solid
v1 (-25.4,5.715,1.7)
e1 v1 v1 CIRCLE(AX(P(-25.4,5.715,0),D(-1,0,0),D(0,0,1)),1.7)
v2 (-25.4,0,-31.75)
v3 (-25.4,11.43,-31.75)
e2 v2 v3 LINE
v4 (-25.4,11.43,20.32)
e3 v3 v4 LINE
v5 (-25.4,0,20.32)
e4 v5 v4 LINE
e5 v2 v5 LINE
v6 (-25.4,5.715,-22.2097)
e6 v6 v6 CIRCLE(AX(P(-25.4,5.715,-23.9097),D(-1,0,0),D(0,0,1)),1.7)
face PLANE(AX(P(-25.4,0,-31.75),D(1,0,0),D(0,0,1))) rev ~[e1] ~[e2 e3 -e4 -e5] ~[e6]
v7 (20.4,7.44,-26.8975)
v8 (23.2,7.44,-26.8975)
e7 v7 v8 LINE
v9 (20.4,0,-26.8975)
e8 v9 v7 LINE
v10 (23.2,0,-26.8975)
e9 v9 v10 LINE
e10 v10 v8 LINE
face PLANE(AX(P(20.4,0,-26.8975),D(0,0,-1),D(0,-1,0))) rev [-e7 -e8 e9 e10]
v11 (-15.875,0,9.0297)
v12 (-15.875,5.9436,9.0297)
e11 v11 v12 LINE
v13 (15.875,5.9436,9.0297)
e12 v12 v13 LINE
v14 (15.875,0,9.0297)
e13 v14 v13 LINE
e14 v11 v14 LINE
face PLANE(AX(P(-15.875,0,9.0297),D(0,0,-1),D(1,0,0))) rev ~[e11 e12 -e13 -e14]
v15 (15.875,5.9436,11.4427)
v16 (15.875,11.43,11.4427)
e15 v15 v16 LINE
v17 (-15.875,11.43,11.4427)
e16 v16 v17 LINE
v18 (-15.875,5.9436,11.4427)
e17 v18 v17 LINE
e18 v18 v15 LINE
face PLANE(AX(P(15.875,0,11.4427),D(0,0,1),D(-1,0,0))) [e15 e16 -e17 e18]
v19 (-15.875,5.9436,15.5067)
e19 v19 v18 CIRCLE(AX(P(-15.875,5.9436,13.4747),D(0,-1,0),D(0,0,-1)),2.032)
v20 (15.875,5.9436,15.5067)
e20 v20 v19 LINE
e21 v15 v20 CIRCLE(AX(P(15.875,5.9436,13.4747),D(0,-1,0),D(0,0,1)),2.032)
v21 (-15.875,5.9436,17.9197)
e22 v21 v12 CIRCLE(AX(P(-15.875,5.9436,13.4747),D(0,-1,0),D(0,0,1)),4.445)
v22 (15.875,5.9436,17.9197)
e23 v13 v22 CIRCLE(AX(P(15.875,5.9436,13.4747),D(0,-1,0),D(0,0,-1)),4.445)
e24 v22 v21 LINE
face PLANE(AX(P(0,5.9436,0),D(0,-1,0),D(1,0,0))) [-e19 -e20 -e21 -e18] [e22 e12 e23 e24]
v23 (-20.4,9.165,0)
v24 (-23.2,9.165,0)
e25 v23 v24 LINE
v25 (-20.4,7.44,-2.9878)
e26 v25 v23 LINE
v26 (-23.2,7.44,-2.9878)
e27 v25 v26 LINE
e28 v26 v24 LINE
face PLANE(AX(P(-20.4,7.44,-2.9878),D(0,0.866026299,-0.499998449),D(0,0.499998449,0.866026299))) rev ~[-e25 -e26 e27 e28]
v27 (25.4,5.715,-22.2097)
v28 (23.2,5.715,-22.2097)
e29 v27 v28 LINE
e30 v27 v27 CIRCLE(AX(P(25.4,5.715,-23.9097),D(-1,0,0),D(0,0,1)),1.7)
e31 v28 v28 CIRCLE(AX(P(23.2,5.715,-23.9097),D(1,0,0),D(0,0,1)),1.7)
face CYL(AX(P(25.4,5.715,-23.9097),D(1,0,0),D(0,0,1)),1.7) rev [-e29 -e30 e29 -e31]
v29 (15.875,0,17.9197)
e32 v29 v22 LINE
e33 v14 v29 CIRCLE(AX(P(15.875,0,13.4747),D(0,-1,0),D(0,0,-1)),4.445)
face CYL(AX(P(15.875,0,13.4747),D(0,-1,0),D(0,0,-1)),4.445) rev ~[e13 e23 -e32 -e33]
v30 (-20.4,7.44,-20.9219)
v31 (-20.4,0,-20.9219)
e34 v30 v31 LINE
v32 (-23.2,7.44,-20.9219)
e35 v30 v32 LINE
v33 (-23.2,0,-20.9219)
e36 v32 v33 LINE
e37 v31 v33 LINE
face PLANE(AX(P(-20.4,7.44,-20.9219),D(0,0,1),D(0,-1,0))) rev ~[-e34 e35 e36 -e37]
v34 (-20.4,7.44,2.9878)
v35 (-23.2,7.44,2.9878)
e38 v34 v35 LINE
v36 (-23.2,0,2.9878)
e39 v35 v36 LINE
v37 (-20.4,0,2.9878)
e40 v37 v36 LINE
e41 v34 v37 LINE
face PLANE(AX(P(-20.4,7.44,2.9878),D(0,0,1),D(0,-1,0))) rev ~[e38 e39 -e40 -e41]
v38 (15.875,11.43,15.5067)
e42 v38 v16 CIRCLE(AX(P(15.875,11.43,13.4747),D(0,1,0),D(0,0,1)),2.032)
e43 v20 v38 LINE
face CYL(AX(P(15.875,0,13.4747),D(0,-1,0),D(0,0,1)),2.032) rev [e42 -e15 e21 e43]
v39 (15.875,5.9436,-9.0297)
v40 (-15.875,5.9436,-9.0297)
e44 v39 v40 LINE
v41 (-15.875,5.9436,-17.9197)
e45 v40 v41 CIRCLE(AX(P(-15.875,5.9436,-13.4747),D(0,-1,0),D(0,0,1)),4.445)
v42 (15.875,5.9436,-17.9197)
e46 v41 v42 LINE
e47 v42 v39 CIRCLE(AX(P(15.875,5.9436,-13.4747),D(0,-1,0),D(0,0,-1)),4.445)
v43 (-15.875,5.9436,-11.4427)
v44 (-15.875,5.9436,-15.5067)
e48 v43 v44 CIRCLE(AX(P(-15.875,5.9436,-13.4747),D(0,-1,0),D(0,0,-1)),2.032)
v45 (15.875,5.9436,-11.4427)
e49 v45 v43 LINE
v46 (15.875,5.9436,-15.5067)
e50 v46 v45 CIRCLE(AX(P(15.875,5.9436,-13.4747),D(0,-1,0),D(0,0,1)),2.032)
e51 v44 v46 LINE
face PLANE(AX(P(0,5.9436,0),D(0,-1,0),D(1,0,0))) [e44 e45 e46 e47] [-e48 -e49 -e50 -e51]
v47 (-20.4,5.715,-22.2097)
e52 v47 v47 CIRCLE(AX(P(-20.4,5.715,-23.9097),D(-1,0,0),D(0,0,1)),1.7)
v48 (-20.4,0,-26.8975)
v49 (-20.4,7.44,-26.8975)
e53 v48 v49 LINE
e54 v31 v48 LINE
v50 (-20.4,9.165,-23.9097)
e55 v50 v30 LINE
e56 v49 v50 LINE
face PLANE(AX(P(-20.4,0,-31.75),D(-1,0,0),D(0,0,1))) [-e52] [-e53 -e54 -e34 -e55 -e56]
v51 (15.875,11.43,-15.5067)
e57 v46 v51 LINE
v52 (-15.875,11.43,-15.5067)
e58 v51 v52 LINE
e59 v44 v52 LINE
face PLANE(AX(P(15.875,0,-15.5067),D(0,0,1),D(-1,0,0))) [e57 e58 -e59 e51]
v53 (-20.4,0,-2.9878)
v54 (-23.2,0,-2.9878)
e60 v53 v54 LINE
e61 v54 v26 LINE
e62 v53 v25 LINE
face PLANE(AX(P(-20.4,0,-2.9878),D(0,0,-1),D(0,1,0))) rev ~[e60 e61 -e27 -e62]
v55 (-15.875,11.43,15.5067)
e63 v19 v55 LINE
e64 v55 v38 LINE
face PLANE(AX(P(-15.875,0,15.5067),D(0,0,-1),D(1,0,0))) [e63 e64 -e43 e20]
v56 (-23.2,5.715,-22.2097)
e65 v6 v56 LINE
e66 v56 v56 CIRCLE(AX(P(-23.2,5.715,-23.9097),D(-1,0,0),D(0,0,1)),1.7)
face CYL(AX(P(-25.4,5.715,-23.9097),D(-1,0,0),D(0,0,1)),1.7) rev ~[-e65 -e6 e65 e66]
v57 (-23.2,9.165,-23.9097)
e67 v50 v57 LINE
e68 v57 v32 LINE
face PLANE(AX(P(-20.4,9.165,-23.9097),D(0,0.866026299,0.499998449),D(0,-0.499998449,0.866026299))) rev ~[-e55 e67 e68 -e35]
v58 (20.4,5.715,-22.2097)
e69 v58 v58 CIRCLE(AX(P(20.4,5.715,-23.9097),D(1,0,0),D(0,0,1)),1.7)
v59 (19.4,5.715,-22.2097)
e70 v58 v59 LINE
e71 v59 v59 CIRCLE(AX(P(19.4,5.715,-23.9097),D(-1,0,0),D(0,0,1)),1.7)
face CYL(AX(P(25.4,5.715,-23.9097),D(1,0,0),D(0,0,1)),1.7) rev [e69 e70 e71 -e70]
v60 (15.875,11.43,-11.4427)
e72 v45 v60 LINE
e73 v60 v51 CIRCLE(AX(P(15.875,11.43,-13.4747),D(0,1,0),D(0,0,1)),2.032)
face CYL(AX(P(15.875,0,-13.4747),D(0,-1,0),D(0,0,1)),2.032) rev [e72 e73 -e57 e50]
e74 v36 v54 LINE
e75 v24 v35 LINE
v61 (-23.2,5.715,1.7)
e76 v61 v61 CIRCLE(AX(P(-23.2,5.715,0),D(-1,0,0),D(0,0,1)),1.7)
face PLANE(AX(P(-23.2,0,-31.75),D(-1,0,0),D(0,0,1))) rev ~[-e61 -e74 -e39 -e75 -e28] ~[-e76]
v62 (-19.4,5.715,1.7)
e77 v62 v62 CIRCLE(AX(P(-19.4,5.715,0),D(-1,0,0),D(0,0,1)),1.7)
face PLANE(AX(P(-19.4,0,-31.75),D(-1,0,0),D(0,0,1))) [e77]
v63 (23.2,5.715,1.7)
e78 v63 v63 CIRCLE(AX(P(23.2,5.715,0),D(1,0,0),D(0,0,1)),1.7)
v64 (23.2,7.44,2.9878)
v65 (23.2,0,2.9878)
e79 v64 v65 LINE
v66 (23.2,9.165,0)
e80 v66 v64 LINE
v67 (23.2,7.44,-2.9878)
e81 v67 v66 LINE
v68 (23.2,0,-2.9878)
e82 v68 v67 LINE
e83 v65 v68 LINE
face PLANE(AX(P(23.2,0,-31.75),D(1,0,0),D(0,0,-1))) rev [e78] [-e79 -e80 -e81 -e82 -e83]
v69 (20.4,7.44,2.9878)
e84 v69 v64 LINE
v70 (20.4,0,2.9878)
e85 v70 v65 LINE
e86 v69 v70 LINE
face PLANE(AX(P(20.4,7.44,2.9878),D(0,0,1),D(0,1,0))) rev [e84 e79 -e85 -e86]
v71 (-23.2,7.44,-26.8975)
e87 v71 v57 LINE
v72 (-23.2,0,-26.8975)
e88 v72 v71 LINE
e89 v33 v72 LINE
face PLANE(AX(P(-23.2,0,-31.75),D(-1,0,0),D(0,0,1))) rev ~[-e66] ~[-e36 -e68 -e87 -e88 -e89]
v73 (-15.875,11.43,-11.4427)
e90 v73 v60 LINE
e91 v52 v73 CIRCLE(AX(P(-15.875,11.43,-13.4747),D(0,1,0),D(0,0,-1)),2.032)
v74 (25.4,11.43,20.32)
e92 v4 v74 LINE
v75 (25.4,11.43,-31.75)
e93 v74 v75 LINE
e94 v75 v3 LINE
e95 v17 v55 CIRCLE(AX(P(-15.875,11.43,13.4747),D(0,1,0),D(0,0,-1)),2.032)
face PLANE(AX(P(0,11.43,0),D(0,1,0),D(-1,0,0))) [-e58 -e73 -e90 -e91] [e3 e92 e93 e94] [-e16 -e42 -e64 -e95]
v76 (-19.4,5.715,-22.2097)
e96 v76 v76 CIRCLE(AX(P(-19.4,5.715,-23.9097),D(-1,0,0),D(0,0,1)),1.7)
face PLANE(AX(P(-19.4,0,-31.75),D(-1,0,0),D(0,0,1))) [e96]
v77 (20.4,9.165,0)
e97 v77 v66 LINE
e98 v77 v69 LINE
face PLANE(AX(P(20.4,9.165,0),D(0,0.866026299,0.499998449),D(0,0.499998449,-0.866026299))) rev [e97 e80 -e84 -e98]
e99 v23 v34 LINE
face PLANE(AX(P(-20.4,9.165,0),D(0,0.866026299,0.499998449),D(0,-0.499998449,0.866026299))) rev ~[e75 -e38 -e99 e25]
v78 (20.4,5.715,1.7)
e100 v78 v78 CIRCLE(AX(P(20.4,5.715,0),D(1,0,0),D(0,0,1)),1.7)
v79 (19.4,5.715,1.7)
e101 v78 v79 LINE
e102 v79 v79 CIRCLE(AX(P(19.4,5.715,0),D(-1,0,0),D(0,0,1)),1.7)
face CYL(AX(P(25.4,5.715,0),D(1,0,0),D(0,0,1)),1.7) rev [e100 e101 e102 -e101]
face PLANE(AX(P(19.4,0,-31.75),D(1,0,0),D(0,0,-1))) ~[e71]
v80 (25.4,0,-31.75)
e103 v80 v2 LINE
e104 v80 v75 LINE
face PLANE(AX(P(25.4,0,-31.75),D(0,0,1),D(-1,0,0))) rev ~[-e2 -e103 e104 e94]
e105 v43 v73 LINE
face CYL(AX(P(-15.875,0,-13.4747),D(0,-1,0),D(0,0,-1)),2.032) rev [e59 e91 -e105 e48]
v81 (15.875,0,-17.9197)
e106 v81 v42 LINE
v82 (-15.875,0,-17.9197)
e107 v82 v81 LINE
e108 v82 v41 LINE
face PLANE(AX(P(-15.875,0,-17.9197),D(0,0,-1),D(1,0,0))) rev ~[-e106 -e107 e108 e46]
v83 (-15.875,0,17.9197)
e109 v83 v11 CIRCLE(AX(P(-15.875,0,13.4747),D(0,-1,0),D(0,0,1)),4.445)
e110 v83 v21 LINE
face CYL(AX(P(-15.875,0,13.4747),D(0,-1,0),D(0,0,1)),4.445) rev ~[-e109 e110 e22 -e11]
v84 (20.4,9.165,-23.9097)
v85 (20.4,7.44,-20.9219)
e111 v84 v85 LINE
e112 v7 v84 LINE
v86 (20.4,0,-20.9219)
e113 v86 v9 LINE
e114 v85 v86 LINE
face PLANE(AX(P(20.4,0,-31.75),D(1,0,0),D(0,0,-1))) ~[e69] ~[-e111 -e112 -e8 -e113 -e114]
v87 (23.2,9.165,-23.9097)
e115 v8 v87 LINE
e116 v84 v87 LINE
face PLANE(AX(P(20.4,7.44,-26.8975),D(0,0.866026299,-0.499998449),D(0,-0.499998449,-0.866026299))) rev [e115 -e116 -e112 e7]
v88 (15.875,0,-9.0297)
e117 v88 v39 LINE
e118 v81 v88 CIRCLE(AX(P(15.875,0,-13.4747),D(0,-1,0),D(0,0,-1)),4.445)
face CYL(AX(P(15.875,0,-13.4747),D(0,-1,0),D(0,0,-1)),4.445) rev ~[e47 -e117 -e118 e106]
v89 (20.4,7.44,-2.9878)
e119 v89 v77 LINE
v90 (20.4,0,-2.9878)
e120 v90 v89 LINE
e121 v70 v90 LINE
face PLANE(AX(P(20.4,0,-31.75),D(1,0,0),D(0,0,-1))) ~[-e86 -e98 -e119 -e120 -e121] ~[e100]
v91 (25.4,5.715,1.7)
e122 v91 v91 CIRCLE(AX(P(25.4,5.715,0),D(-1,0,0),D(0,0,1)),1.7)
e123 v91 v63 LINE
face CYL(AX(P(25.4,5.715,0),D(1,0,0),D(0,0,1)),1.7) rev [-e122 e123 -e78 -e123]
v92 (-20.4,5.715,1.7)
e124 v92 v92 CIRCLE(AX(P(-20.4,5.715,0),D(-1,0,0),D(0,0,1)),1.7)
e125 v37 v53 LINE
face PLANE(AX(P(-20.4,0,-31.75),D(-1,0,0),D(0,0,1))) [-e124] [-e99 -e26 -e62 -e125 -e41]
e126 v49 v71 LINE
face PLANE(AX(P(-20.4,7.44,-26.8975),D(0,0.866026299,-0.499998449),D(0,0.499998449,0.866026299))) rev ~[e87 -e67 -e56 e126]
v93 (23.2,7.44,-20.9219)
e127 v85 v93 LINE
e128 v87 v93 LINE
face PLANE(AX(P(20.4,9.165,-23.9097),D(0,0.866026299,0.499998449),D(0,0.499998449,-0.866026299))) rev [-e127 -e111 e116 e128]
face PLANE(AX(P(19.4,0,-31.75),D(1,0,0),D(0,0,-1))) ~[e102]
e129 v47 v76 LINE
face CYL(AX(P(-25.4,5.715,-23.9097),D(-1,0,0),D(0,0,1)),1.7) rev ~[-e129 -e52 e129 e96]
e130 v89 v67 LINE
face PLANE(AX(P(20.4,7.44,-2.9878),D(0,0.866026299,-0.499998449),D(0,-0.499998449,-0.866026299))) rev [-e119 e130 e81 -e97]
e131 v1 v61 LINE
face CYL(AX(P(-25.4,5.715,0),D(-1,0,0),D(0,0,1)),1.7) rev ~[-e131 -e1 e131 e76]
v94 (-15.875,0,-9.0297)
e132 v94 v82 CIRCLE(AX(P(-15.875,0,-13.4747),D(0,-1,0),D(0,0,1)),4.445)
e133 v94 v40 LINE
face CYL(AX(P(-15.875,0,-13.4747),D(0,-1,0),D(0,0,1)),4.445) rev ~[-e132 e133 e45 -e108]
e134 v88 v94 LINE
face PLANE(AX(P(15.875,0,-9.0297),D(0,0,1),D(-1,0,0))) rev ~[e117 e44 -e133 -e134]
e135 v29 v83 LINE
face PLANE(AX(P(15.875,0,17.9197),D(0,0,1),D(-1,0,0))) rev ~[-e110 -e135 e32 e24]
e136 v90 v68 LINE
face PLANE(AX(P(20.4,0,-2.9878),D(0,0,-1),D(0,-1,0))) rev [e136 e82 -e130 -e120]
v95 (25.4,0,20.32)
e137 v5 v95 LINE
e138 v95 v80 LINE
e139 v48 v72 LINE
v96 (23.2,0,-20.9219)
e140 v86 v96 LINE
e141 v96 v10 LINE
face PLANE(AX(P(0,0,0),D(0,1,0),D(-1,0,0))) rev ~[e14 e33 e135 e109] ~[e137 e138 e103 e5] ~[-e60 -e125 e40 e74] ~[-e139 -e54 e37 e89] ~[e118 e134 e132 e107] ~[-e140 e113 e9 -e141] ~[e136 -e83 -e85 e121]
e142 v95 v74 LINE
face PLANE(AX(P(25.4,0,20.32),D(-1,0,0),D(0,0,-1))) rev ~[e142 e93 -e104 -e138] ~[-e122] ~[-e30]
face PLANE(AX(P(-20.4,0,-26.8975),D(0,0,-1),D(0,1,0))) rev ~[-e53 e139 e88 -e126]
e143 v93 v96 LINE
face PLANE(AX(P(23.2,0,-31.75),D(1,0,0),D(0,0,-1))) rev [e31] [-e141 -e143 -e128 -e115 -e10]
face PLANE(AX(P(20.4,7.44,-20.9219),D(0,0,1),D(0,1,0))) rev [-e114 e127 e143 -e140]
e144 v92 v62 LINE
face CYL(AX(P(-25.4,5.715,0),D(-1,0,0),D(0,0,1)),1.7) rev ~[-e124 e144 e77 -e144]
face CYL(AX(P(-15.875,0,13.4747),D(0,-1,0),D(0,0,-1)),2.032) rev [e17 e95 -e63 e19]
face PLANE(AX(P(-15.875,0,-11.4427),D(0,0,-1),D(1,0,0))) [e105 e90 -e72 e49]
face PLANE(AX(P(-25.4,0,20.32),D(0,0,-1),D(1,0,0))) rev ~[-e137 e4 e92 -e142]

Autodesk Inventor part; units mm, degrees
ref_plane "YZ Plane" through (0, 0, 0) normal (1, 0, 0) x (0, 1, 0)
ref_plane "XZ Plane" through (0, 0, 0) normal (0, 1, 0) x (-1, 0, 0)
ref_plane "XY Plane" through (0, 0, 0) normal (0, 0, 1) x (1, 0, 0)
sketch "Sketch1" plane through (0, 0, 0) normal (0, 1, 0) x (-1, 0, 0)
  line L0 (-25.4, 20.32) -> (-25.4, -31.75)
  line L1 (-25.4, -31.75) -> (25.4, -31.75)
  line L2 (25.4, -31.75) -> (25.4, 20.32)
  line L3 (25.4, 31.75) -> (-25.4, -31.75) construction
  line L4 (-25.4, 31.75) -> (25.4, -31.75) construction
  line L5 (15.875, 13.4747) -> (-15.875, 13.4747) construction
  line L6 (15.875, 15.5067) -> (-15.875, 15.5067)
  line L7 (-15.875, 11.4427) -> (15.875, 11.4427)
  arc A0 (15.875, 11.4427) -> (15.875, 15.5067) centre (15.875, 13.4747) ccw
  arc A1 (-15.875, 15.5067) -> (-15.875, 11.4427) centre (-15.875, 13.4747) ccw
  line L8 (-15.875, -13.4747) -> (15.875, -13.4747) construction
  line L9 (-15.875, -15.5067) -> (15.875, -15.5067)
  line L10 (15.875, -11.4427) -> (-15.875, -11.4427)
  arc A2 (-15.875, -11.4427) -> (-15.875, -15.5067) centre (-15.875, -13.4747) ccw
  arc A3 (15.875, -15.5067) -> (15.875, -11.4427) centre (15.875, -13.4747) ccw
  line L11 (25.4, 20.32) -> (-25.4, 20.32)
  point P0 (0, 0)
  point P1 (0, 13.4747)
  point P2 (0, -13.4747)
  dimension "d0" = 50.8
  dimension "d2" = 26.9494
  dimension "d3" = 13.4747
  dimension "d4" = 26.9494
  dimension "d6" = 9.525
  dimension "d7" = 9.525
  dimension "d10" = 4.064
  dimension "d11" = 9.525
  dimension "d12" = 4.064
  dimension "d49" = 6.8453
extrude "Extrusion1" add sketch "Sketch1" along normal blind 11.43
sketch "Sketch3" plane through (0, 0, 0) normal (0, -1, 0) x (1, 0, 0)
  arc A0 (-15.875, -11.4427) -> (-15.875, -15.5067) centre (-15.875, -13.4747) ccw projected
  arc A1 (15.875, -15.5067) -> (15.875, -11.4427) centre (15.875, -13.4747) ccw projected
  line L0 (-15.875, -13.4747) -> (15.875, -13.4747) construction
  line L1 (-15.875, -17.9197) -> (15.875, -17.9197)
  line L2 (15.875, -9.0297) -> (-15.875, -9.0297)
  arc A2 (-15.875, -9.0297) -> (-15.875, -17.9197) centre (-15.875, -13.4747) ccw
  arc A3 (15.875, -17.9197) -> (15.875, -9.0297) centre (15.875, -13.4747) ccw
  arc A4 (-15.875, 15.5067) -> (-15.875, 11.4427) centre (-15.875, 13.4747) ccw projected
  arc A5 (15.875, 11.4427) -> (15.875, 15.5067) centre (15.875, 13.4747) ccw projected
  line L3 (-15.875, 13.4747) -> (15.875, 13.4747) construction
  line L4 (-15.875, 9.0297) -> (15.875, 9.0297)
  line L5 (15.875, 17.9197) -> (-15.875, 17.9197)
  arc A6 (-15.875, 17.9197) -> (-15.875, 9.0297) centre (-15.875, 13.4747) ccw
  arc A7 (15.875, 9.0297) -> (15.875, 17.9197) centre (15.875, 13.4747) ccw
  point P0 (0, 0)
  point P1 (0, -13.4747)
  point P2 (0, 13.4747)
  dimension "d19" = 8.89
  dimension "d20" = 8.89
extrude "Extrusion3" cut sketch "Sketch3" against normal blind 5.9436
ref_plane "Work Plane2" through (-20.4, 0, -31.75) normal (-1, 0, 0) x (0, 0, 1)
sketch "Sketch5" plane through (-20.4, 0, -31.75) normal (-1, 0, 0) x (0, 0, 1)
  circle A0 centre (31.75, 5.715) radius 3.45 construction
  line L0 (52.07, 0) -> (0, 0) projected
  line L1 (52.07, 11.43) -> (0, 11.43) projected
  line L2 (0, 0) -> (0, 11.43) projected
  line L3 (28.7622, 0) -> (28.7622, 7.44)
  line L4 (28.7622, 7.44) -> (31.75, 9.165)
  line L5 (31.75, 9.165) -> (34.7378, 7.44)
  line L6 (34.7378, 7.44) -> (34.7378, 0)
  line L7 (28.7622, 0) -> (34.7378, 0)
  line L8 (13.8303, 0) -> (13.8303, 5.9436) construction
  line L9 (49.6697, 0) -> (49.6697, 5.9436) construction
  circle A1 centre (7.8403, 5.715) radius 3.45 construction
  line L10 (4.8525, 0) -> (4.8525, 7.44)
  line L11 (4.8525, 7.44) -> (7.8403, 9.165)
  line L12 (7.8403, 9.165) -> (10.8281, 7.44)
  line L13 (10.8281, 7.44) -> (10.8281, 0)
  line L14 (4.8525, 0) -> (10.8281, 0)
  circle A2 centre (7.8403, 5.715) radius 1.7
  circle A3 centre (31.75, 5.715) radius 1.7
  point P0 (31.75, 0)
  dimension "d24" = 6.9
  dimension "d26" = 5.715
  dimension "d29" = 6.9
  dimension "d31" = 5.99
  dimension "d33" = 5.715
  dimension "d37" = 3.4
  dimension "d38" = 3.4
  dimension "d48" = 31.75
extrude "Extrusion4" cut sketch "Sketch5" along normal blind 2.8 contours L0 L10 L11 L12 L13 | L0 L3 L4 L5 L6 | A2 | A3
sketch "Sketch6" plane through (-25.4, 0, -31.75) normal (-1, 0, 0) x (0, 0, 1)
  circle A0 centre (7.8403, 5.715) radius 1.7
  circle A1 centre (31.75, 5.715) radius 1.7
  line L0 (13.8303, 0) -> (13.8303, 5.9436) projected
  line L1 (63.5, 0) -> (63.5, 11.43) projected
  line L2 (49.6697, 0) -> (49.6697, 5.9436) projected
  point P0 (31.75, 0)
  dimension "d40" = 3.4
  dimension "d41" = 3.4
  dimension "d43" = 5.99
extrude "Extrusion5" cut sketch "Sketch6" against normal blind 6
ref_plane "Work Plane3" through (0, 0, -31.75) normal (-1, 0, 0) x (0, 0, 1)
mirror "Mirror1" about plane through (0, 0, -31.75) normal (-1, 0, 0) of "Extrusion4"
mirror "Mirror2" about plane through (0, 0, -31.75) normal (-1, 0, 0) of "Extrusion5"
sketch "Sketch7" plane through (0, 0, 0) normal (0, -1, 0) x (1, 0, 0)
  point P0 (0, 0)
equation "\"d3\" = 0.5 * d2"
equation "\"d4\" = d2"
equation "\"d26\" = 0.5 * d25"
equation "\"d33\" = d26"
equation "\"d43\" = d31"
equation "\"d25\" = 11.43"
properties part number "driven wheel mount to xrail"
